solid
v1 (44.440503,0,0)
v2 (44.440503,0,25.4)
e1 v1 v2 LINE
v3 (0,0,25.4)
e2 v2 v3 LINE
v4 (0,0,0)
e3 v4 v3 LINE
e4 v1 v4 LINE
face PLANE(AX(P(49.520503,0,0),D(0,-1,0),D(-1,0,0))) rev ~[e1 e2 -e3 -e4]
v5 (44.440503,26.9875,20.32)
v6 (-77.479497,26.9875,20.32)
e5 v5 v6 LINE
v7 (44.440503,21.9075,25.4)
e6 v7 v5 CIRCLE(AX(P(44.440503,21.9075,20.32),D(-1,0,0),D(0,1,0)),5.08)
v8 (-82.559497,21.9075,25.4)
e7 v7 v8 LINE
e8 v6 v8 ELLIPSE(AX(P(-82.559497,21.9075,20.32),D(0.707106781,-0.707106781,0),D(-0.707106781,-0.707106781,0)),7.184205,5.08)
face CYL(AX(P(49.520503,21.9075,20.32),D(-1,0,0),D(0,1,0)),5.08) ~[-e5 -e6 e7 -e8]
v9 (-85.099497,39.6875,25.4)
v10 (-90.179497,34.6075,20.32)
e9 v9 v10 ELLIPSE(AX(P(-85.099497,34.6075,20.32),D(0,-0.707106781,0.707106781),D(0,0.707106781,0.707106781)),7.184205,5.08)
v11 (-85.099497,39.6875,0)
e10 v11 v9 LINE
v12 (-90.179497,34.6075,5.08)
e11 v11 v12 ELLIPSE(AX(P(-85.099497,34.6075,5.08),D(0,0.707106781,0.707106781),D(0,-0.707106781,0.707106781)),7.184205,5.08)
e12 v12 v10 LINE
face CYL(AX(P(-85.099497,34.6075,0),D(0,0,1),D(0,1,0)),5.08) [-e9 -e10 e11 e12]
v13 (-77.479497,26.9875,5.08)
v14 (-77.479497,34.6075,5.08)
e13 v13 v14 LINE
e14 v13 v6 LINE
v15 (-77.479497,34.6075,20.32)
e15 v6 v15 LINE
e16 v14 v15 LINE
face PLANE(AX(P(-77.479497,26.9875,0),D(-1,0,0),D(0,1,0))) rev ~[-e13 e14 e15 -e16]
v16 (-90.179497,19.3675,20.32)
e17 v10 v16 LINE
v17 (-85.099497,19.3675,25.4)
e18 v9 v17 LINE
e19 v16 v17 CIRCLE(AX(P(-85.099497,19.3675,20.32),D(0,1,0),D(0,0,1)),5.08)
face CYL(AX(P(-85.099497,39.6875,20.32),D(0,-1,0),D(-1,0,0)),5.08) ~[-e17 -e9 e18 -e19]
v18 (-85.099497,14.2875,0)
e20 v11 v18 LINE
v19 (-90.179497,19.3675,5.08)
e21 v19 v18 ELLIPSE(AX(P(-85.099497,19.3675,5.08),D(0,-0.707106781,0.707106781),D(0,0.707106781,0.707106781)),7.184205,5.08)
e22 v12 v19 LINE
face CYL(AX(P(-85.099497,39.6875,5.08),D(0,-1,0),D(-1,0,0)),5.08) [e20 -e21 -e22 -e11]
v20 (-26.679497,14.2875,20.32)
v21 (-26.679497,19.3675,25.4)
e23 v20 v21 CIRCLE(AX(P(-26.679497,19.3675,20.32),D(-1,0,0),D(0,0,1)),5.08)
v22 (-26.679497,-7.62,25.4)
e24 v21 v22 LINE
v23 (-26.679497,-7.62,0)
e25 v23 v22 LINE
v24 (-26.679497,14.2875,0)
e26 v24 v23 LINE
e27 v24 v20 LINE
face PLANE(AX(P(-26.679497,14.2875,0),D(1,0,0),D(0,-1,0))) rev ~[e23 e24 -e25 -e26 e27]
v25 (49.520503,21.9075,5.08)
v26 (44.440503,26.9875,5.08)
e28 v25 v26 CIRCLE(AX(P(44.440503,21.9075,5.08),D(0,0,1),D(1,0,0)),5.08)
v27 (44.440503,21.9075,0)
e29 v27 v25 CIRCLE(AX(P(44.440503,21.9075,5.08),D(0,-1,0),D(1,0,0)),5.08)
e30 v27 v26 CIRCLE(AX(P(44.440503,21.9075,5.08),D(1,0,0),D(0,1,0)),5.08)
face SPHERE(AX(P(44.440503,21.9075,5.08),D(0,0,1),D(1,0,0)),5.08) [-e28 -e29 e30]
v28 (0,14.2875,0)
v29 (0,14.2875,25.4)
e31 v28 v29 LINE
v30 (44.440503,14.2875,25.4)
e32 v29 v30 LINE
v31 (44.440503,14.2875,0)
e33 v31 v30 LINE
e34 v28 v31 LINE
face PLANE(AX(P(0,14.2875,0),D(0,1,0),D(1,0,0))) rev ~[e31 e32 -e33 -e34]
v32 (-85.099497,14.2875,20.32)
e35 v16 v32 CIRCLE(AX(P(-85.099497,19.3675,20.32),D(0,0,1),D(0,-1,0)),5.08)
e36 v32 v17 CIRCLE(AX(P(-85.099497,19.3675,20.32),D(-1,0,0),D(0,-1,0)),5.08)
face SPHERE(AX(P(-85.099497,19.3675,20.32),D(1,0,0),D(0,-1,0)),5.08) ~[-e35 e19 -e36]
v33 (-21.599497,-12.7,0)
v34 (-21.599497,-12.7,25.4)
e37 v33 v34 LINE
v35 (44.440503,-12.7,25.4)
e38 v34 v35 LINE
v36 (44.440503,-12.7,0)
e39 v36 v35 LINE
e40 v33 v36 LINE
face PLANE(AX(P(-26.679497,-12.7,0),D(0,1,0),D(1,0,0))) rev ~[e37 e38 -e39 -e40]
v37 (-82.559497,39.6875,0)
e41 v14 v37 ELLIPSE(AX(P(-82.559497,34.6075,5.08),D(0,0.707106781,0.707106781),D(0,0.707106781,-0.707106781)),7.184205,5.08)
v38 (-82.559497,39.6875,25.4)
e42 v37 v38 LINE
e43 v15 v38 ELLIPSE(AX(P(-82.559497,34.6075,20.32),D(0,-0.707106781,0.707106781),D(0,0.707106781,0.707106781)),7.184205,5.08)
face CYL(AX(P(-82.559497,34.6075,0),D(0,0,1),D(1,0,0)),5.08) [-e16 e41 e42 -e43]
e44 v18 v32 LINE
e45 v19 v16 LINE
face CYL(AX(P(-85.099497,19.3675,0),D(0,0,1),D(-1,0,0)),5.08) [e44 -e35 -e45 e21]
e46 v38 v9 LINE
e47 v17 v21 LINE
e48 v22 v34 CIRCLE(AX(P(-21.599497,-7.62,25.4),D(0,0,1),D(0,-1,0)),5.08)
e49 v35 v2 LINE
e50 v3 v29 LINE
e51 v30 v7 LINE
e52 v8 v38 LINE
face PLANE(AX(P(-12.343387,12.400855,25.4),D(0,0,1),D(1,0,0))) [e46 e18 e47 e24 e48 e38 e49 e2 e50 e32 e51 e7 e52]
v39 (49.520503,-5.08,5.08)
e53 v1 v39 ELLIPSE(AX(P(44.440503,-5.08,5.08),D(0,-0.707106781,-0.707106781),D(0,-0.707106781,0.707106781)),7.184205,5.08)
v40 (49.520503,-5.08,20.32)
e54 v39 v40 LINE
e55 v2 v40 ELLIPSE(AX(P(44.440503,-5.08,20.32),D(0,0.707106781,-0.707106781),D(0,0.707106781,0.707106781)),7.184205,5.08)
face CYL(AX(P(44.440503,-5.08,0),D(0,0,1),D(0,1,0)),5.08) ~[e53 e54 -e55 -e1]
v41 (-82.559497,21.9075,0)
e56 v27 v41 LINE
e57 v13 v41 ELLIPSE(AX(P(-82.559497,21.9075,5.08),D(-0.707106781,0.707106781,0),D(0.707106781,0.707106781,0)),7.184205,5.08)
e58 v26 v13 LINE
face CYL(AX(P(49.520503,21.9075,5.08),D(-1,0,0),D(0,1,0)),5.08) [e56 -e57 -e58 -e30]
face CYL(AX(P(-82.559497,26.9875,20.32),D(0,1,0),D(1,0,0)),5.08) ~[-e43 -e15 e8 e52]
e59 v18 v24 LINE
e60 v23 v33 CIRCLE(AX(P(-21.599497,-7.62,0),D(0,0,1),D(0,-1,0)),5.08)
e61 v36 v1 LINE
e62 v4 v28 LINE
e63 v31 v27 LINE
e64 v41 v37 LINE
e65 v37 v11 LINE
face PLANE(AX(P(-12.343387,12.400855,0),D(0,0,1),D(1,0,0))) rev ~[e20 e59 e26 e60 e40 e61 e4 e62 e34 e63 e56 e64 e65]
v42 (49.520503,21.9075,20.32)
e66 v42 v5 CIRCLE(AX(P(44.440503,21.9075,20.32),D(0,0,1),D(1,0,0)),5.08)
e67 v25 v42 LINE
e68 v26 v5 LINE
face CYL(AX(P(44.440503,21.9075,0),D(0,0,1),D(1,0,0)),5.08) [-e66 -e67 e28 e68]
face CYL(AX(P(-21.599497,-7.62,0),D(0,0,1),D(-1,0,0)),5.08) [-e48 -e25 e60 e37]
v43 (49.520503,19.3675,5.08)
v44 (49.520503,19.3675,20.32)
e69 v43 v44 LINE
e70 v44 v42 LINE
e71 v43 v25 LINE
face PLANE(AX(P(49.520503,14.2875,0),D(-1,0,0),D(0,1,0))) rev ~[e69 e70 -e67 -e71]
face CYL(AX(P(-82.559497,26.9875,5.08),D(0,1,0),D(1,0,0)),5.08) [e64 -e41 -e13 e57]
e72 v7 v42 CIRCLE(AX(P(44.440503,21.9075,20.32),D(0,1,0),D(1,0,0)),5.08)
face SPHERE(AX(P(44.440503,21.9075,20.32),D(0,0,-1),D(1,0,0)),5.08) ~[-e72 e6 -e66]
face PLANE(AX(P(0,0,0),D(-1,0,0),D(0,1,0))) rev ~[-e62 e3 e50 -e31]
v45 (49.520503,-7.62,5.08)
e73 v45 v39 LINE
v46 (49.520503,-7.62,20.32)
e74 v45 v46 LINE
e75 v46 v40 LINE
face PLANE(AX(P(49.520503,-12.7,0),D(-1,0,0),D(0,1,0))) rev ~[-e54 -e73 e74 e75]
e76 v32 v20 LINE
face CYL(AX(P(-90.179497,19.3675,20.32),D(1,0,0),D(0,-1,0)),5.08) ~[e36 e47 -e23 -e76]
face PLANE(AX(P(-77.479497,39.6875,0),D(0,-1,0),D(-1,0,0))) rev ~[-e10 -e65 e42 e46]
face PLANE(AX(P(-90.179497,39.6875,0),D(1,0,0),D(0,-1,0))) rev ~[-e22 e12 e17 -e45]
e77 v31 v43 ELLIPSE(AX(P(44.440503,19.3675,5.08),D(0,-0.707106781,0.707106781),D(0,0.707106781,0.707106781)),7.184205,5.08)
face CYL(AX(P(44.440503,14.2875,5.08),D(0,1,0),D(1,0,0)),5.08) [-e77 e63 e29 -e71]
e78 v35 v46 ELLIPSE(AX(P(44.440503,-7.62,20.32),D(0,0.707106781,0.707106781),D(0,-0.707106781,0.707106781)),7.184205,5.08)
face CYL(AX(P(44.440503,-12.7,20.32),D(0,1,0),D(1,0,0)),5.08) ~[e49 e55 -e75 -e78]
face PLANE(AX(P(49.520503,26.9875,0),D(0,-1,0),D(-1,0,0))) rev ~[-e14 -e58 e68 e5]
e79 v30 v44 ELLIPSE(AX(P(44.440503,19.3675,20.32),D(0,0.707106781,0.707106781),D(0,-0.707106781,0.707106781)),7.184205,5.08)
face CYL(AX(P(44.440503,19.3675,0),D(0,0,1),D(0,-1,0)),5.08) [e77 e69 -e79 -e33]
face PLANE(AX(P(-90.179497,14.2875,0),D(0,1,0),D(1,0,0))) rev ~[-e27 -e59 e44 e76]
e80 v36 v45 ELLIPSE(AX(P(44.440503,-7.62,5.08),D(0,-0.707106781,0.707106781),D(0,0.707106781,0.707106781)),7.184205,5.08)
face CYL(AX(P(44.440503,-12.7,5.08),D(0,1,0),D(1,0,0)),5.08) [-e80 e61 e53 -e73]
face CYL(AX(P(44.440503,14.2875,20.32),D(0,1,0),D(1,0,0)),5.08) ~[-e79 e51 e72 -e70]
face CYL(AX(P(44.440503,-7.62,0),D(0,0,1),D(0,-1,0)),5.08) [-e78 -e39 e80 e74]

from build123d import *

# Parameters (mm, degrees)
F1_DEPTH = 25.4
F2_R     = 5.08


with BuildPart() as f1:
    # F0 (on Top) → F1 (new body)
    with BuildSketch(Plane.XY):
        Polygon((49.520503, 0), (0, 0), (0, 14.2875), (49.520503, 14.2875), (49.520503, 26.9875), (-77.479497, 26.9875), (-77.479497, 39.6875), (-90.179497, 39.6875), (-90.179497, 14.2875), (-26.679497, 14.2875), (-26.679497, -12.7), (49.520503, -12.7), align=None)
    extrude(amount=F1_DEPTH)

    # F2
    f2_edges = [f1.edges().sort_by_distance(p)[0] for p in [
        (49.520503, 14.2875, 12.7),
        (49.520503, 26.9875, 12.7),
        (49.520503, 20.6375, 0),
        (49.520503, 20.6375, 25.4),
        (49.520503, -12.7, 12.7),
        (49.520503, 0, 12.7),
        (49.520503, -6.35, 0),
        (49.520503, -6.35, 25.4),
        (-13.979497, 26.9875, 25.4),
        (-58.429497, 14.2875, 25.4),
        (-77.479497, 33.3375, 25.4),
        (-77.479497, 33.3375, 0),
        (-13.979497, 26.9875, 0),
        (-77.479497, 39.6875, 12.7),
        (-90.179497, 39.6875, 12.7),
        (-90.179497, 14.2875, 12.7),
        (-90.179497, 26.9875, 0),
        (-90.179497, 26.9875, 25.4),
        (-26.679497, -12.7, 12.7),
    ]]
    fillet(f2_edges, radius=F2_R)


solid = f1.part
